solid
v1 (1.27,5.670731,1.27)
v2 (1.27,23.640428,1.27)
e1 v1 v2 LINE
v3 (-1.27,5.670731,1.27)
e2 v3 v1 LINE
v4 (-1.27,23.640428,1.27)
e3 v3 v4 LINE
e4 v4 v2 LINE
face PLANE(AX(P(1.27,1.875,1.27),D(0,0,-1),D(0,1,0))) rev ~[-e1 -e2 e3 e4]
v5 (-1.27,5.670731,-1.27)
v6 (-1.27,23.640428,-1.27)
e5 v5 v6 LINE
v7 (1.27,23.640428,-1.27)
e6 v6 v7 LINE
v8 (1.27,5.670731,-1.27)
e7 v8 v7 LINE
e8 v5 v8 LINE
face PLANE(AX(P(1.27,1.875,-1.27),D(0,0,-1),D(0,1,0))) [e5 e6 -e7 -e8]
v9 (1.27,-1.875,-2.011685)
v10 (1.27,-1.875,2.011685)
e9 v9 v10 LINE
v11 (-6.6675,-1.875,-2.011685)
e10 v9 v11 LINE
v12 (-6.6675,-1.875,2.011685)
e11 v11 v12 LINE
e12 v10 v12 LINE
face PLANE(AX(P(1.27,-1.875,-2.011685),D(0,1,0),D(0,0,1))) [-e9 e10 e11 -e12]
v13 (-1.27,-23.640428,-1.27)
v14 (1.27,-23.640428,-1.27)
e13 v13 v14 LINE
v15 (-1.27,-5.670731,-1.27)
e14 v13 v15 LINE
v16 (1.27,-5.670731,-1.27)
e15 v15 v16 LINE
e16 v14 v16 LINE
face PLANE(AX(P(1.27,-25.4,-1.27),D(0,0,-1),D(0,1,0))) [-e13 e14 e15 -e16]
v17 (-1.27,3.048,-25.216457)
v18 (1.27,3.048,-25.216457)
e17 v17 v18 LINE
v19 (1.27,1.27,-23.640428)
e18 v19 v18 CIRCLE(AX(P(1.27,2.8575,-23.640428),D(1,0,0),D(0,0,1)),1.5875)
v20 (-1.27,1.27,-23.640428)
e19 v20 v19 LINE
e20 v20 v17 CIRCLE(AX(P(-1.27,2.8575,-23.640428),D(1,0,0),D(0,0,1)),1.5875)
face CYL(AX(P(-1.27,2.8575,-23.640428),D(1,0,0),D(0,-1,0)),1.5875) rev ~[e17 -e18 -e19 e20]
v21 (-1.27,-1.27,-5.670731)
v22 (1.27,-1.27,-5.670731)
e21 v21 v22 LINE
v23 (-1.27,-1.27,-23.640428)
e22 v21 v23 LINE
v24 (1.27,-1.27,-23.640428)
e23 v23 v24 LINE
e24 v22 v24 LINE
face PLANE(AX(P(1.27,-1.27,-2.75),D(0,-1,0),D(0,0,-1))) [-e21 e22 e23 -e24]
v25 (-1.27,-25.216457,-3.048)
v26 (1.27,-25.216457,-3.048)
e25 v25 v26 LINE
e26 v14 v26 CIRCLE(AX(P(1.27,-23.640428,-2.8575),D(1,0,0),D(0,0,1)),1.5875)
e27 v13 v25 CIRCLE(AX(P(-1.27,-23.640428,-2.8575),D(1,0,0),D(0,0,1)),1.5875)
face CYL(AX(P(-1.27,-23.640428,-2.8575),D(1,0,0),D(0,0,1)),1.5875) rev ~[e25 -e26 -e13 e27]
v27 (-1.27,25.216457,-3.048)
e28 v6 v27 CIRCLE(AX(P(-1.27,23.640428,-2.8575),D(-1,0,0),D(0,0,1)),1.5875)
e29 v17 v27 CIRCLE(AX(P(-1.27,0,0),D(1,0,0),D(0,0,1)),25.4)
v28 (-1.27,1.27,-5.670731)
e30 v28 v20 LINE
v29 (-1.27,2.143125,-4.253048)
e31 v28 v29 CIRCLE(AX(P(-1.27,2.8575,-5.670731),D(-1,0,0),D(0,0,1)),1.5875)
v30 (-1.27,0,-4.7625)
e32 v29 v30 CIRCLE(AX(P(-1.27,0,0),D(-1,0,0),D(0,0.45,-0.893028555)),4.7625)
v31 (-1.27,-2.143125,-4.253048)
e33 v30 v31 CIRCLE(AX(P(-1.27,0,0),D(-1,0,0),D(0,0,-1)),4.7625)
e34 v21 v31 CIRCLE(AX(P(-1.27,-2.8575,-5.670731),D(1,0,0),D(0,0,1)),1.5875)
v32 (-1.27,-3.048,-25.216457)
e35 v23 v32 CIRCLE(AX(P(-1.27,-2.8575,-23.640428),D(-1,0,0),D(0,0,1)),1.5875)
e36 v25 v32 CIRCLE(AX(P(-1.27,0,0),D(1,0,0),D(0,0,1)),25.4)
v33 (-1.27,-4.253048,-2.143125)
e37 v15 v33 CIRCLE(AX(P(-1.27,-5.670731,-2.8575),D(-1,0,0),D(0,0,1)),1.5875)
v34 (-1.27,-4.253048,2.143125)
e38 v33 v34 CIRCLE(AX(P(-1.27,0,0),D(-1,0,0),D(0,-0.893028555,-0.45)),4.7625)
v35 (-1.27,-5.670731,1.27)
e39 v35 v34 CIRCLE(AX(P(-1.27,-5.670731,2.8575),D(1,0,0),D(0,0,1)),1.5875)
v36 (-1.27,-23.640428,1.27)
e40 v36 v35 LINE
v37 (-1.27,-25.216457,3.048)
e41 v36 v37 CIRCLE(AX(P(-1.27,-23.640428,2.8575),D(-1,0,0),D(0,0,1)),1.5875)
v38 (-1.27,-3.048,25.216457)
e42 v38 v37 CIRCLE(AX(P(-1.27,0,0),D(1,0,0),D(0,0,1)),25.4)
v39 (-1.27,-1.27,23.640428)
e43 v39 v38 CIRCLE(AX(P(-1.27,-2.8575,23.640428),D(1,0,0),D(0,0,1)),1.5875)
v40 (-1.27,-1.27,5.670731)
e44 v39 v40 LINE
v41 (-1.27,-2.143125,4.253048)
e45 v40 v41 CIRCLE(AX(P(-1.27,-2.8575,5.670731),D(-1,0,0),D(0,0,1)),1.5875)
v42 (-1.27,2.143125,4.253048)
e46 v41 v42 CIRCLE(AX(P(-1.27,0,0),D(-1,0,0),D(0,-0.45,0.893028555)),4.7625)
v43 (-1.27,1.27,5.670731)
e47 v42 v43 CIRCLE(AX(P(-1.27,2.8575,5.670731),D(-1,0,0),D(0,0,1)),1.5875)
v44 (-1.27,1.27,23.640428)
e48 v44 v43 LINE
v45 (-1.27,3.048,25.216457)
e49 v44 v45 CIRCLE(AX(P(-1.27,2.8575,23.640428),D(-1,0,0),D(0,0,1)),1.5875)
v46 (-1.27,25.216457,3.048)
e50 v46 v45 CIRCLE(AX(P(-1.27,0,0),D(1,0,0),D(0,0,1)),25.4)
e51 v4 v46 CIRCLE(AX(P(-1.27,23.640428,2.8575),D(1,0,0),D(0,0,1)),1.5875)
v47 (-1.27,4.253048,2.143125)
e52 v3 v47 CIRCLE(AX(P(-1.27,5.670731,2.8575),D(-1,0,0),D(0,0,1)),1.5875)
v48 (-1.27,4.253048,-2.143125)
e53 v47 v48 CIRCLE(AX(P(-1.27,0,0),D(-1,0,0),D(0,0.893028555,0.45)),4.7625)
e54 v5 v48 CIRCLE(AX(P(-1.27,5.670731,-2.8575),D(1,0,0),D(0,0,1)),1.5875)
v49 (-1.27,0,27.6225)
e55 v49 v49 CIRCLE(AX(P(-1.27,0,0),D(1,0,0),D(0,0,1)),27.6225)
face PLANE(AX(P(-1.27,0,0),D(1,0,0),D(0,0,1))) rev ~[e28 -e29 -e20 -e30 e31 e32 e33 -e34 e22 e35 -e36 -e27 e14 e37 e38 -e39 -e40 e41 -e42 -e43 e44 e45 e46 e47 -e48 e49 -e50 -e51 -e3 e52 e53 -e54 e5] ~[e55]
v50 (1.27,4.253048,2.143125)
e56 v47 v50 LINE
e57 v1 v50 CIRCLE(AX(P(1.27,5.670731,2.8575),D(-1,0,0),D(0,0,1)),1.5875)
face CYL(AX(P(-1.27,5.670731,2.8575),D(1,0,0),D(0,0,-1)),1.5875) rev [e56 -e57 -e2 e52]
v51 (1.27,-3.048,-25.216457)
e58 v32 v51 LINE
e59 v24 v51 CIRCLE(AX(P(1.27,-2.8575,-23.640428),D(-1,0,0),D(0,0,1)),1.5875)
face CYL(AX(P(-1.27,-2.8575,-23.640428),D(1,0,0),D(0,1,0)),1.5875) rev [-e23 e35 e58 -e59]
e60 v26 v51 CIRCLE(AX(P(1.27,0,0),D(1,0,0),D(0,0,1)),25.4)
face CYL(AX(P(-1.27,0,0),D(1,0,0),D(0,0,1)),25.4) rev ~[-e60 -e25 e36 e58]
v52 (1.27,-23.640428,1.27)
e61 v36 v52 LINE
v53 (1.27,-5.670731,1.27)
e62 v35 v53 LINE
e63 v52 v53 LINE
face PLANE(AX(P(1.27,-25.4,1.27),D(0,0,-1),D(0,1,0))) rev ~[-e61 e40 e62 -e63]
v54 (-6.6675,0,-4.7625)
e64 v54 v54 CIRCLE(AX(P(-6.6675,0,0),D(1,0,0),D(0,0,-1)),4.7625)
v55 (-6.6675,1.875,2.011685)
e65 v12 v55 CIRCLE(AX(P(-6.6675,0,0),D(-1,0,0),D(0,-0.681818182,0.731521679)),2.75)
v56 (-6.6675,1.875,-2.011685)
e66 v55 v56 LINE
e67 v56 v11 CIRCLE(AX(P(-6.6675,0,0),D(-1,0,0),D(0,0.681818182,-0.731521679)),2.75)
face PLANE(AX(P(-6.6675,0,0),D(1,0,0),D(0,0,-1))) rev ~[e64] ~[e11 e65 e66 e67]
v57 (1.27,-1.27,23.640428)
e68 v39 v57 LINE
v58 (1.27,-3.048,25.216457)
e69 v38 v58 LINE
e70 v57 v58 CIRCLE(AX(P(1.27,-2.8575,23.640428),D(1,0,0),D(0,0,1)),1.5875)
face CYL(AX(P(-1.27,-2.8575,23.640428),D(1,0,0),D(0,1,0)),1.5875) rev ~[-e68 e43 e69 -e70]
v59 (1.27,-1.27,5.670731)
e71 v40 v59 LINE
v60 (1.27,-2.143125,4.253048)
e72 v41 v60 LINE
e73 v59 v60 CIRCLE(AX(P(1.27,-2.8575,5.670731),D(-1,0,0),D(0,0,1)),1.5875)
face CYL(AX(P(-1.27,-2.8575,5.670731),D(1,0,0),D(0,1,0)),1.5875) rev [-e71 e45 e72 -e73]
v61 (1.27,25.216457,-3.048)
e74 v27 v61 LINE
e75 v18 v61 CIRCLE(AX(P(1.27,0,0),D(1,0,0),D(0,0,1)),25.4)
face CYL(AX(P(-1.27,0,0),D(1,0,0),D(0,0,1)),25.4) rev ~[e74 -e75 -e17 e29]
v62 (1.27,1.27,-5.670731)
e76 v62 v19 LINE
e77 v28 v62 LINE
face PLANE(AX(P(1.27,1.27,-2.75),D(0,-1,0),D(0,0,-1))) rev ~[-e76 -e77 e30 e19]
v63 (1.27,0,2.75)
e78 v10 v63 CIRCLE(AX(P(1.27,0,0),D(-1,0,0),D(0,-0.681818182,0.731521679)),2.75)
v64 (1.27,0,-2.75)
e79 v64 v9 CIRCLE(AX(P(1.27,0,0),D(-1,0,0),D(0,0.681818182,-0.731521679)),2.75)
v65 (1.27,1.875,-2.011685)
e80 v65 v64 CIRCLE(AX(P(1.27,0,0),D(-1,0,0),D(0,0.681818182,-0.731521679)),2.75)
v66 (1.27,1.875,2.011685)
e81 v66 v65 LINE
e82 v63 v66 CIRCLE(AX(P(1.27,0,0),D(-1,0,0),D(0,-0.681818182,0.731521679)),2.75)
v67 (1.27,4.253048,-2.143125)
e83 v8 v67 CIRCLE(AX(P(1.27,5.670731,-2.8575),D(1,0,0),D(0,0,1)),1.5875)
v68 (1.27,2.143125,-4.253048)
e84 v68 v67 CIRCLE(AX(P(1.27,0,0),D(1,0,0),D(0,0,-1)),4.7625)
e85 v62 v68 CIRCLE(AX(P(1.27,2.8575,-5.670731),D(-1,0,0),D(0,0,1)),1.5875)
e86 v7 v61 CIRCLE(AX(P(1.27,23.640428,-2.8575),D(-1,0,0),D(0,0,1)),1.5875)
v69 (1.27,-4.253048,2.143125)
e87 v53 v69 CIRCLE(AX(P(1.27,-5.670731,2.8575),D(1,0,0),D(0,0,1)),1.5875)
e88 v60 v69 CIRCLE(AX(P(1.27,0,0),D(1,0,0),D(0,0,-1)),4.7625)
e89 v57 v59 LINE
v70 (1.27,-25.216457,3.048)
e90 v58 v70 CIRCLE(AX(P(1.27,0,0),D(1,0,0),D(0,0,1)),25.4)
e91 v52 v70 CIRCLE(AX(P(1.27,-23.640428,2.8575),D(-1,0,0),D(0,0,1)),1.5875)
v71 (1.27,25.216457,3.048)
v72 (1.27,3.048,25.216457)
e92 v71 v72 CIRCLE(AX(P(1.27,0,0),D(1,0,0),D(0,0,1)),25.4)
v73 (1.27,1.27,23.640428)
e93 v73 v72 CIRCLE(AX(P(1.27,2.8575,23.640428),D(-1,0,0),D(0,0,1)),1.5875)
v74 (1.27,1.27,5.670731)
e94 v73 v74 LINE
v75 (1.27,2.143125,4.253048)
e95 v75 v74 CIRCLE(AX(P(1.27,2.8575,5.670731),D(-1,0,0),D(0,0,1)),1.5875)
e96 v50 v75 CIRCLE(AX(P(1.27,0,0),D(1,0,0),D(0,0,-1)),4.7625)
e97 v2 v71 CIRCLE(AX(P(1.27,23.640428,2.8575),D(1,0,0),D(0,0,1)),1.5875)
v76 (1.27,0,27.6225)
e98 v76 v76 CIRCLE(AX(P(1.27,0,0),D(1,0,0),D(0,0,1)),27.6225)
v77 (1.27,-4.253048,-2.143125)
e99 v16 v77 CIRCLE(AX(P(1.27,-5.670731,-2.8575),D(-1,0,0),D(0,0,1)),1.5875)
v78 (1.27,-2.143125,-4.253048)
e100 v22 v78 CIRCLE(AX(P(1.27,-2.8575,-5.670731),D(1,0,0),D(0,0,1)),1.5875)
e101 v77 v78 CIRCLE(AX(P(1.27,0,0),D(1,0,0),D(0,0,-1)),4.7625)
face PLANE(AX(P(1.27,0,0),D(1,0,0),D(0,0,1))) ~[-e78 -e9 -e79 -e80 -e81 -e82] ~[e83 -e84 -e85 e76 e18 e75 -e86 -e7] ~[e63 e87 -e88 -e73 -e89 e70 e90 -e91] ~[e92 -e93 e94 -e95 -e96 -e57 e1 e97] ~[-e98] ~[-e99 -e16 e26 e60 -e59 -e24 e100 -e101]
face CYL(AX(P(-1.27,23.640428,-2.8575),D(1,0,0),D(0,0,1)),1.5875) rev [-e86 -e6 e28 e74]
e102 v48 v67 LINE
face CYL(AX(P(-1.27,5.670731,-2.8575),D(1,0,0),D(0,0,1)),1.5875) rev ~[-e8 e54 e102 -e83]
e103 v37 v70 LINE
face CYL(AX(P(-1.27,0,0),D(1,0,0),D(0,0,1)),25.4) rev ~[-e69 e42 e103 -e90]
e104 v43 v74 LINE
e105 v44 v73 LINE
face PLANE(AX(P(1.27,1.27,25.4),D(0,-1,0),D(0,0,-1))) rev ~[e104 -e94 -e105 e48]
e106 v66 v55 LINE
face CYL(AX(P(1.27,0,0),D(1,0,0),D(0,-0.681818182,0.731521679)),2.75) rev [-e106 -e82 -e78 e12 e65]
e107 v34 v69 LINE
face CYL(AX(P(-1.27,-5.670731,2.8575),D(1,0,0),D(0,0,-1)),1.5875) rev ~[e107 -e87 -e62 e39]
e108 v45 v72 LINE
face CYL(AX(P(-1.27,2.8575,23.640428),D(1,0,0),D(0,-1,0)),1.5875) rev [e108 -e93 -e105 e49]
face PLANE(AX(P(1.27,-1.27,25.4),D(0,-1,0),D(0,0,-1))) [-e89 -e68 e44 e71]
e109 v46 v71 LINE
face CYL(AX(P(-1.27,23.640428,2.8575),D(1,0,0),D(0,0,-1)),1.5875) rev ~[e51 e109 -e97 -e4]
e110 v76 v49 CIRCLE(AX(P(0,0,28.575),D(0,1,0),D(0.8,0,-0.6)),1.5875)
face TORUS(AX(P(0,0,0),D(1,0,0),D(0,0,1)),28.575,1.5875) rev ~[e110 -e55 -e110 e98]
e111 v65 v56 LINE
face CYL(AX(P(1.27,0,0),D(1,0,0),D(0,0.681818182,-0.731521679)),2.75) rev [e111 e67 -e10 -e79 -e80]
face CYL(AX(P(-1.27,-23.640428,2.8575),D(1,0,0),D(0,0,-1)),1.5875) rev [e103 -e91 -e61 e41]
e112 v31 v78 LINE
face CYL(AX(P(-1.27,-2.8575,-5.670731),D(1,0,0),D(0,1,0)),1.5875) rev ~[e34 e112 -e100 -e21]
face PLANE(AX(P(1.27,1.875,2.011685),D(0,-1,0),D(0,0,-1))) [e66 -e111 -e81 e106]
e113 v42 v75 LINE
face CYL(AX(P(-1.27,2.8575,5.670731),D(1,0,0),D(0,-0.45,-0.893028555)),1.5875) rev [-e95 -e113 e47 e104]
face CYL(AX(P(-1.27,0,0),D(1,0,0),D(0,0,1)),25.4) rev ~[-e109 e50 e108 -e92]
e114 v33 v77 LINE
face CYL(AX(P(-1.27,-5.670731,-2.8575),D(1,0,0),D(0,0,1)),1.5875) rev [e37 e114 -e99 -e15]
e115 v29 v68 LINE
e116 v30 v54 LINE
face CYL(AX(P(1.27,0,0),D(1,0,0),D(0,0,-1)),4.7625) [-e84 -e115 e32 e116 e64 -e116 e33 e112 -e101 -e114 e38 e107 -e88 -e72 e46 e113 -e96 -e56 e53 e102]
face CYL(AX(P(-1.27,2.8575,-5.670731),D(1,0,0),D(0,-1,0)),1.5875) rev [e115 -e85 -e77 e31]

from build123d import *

# Parameters (mm, degrees)
SKETCH2_R           = 4.7625
BOSS_EXTRUDE1_DEPTH = 7.9375
SKETCH3_W           = 22.65
SKETCH3_H           = 2.54
SKETCH3_W_2         = 2.54
SKETCH3_H_2         = 23.525
EXTRUDE_THIN1_DEPTH = 2.54
FILLET1_R           = 1.5875


with BuildPart() as part:
    # Sketch1 → Revolve1 (revolve)
    with BuildSketch(Plane.XY, mode=Mode.PRIVATE) as revolve1_sk:
        with BuildLine():
            Line((-1.27, 25.4), (1.27, 25.4))
            Line((1.27, 25.4), (1.27, 27.6225))
            ThreePointArc((1.27, 27.6225), (0, 26.9875), (-1.27, 27.6225))
            Line((-1.27, 27.6225), (-1.27, 25.4))
        make_face()
    revolve(revolve1_sk.sketch.rotate(Axis((-2.168850248, 0, 0), (1, 0, 0)), 90), axis=Axis((-2.168850248, 0, 0), (1, 0, 0)))



with BuildPart() as body_2:
    # Sketch2 → Boss-Extrude1 (new body)
    with BuildSketch(Plane(origin=(1.27, 0, 0), x_dir=(0, 0, -1), z_dir=(1, 0, 0))):
        Circle(SKETCH2_R)
        with BuildLine():
            Line((-2.011684617, 1.875), (2.011684617, 1.875))
            ThreePointArc((2.011684617, 1.875), (2.75, 0), (2.011684617, -1.875))
            Line((2.011684617, -1.875), (-2.011684617, -1.875))
            ThreePointArc((-2.011684617, -1.875), (-2.75, 0), (-2.011684617, 1.875))
        make_face(mode=Mode.SUBTRACT)
    extrude(amount=-BOSS_EXTRUDE1_DEPTH)


with BuildPart() as part_1:
    add(part.part)

    add(body_2.part)  # Extrude-Thin1 merges body 2
    # Sketch3 → Extrude-Thin1 (add)
    with BuildSketch(Plane(origin=(1.27, 0, 0), x_dir=(0, 0, -1), z_dir=(1, 0, 0))):
        with Locations((-14.075, 0)):
            Rectangle(SKETCH3_W, SKETCH3_H)
        with Locations((0, 13.6375)):
            Rectangle(SKETCH3_W_2, SKETCH3_H_2)
        with Locations((14.075, 0)):
            Rectangle(SKETCH3_W, SKETCH3_H)
        with Locations((0, -13.6375)):
            Rectangle(SKETCH3_W_2, SKETCH3_H_2)
    extrude(amount=-EXTRUDE_THIN1_DEPTH)

    # Fillet1
    fillet1_edges = [part_1.edges().sort_by_distance(p)[0] for p in [
        (0, -1.27, -4.590044254),
        (0, -1.27, -25.368230131),
        (0, 1.27, 25.368230131),
        (0, -1.27, 25.368230131),
        (0, -4.590044254, -1.27),
        (0, -25.368230131, -1.27),
        (0, -4.590044254, 1.27),
        (0, -25.368230131, 1.27),
        (0, 1.27, 4.590044254),
        (0, -1.27, 4.590044254),
        (0, 25.368230131, 1.27),
        (0, 4.590044254, 1.27),
        (0, 4.590044254, -1.27),
        (0, 25.368230131, -1.27),
        (0, 1.27, -4.590044254),
        (0, 1.27, -25.368230131),
    ]]
    fillet(fillet1_edges, radius=FILLET1_R)


solid = part_1.part
